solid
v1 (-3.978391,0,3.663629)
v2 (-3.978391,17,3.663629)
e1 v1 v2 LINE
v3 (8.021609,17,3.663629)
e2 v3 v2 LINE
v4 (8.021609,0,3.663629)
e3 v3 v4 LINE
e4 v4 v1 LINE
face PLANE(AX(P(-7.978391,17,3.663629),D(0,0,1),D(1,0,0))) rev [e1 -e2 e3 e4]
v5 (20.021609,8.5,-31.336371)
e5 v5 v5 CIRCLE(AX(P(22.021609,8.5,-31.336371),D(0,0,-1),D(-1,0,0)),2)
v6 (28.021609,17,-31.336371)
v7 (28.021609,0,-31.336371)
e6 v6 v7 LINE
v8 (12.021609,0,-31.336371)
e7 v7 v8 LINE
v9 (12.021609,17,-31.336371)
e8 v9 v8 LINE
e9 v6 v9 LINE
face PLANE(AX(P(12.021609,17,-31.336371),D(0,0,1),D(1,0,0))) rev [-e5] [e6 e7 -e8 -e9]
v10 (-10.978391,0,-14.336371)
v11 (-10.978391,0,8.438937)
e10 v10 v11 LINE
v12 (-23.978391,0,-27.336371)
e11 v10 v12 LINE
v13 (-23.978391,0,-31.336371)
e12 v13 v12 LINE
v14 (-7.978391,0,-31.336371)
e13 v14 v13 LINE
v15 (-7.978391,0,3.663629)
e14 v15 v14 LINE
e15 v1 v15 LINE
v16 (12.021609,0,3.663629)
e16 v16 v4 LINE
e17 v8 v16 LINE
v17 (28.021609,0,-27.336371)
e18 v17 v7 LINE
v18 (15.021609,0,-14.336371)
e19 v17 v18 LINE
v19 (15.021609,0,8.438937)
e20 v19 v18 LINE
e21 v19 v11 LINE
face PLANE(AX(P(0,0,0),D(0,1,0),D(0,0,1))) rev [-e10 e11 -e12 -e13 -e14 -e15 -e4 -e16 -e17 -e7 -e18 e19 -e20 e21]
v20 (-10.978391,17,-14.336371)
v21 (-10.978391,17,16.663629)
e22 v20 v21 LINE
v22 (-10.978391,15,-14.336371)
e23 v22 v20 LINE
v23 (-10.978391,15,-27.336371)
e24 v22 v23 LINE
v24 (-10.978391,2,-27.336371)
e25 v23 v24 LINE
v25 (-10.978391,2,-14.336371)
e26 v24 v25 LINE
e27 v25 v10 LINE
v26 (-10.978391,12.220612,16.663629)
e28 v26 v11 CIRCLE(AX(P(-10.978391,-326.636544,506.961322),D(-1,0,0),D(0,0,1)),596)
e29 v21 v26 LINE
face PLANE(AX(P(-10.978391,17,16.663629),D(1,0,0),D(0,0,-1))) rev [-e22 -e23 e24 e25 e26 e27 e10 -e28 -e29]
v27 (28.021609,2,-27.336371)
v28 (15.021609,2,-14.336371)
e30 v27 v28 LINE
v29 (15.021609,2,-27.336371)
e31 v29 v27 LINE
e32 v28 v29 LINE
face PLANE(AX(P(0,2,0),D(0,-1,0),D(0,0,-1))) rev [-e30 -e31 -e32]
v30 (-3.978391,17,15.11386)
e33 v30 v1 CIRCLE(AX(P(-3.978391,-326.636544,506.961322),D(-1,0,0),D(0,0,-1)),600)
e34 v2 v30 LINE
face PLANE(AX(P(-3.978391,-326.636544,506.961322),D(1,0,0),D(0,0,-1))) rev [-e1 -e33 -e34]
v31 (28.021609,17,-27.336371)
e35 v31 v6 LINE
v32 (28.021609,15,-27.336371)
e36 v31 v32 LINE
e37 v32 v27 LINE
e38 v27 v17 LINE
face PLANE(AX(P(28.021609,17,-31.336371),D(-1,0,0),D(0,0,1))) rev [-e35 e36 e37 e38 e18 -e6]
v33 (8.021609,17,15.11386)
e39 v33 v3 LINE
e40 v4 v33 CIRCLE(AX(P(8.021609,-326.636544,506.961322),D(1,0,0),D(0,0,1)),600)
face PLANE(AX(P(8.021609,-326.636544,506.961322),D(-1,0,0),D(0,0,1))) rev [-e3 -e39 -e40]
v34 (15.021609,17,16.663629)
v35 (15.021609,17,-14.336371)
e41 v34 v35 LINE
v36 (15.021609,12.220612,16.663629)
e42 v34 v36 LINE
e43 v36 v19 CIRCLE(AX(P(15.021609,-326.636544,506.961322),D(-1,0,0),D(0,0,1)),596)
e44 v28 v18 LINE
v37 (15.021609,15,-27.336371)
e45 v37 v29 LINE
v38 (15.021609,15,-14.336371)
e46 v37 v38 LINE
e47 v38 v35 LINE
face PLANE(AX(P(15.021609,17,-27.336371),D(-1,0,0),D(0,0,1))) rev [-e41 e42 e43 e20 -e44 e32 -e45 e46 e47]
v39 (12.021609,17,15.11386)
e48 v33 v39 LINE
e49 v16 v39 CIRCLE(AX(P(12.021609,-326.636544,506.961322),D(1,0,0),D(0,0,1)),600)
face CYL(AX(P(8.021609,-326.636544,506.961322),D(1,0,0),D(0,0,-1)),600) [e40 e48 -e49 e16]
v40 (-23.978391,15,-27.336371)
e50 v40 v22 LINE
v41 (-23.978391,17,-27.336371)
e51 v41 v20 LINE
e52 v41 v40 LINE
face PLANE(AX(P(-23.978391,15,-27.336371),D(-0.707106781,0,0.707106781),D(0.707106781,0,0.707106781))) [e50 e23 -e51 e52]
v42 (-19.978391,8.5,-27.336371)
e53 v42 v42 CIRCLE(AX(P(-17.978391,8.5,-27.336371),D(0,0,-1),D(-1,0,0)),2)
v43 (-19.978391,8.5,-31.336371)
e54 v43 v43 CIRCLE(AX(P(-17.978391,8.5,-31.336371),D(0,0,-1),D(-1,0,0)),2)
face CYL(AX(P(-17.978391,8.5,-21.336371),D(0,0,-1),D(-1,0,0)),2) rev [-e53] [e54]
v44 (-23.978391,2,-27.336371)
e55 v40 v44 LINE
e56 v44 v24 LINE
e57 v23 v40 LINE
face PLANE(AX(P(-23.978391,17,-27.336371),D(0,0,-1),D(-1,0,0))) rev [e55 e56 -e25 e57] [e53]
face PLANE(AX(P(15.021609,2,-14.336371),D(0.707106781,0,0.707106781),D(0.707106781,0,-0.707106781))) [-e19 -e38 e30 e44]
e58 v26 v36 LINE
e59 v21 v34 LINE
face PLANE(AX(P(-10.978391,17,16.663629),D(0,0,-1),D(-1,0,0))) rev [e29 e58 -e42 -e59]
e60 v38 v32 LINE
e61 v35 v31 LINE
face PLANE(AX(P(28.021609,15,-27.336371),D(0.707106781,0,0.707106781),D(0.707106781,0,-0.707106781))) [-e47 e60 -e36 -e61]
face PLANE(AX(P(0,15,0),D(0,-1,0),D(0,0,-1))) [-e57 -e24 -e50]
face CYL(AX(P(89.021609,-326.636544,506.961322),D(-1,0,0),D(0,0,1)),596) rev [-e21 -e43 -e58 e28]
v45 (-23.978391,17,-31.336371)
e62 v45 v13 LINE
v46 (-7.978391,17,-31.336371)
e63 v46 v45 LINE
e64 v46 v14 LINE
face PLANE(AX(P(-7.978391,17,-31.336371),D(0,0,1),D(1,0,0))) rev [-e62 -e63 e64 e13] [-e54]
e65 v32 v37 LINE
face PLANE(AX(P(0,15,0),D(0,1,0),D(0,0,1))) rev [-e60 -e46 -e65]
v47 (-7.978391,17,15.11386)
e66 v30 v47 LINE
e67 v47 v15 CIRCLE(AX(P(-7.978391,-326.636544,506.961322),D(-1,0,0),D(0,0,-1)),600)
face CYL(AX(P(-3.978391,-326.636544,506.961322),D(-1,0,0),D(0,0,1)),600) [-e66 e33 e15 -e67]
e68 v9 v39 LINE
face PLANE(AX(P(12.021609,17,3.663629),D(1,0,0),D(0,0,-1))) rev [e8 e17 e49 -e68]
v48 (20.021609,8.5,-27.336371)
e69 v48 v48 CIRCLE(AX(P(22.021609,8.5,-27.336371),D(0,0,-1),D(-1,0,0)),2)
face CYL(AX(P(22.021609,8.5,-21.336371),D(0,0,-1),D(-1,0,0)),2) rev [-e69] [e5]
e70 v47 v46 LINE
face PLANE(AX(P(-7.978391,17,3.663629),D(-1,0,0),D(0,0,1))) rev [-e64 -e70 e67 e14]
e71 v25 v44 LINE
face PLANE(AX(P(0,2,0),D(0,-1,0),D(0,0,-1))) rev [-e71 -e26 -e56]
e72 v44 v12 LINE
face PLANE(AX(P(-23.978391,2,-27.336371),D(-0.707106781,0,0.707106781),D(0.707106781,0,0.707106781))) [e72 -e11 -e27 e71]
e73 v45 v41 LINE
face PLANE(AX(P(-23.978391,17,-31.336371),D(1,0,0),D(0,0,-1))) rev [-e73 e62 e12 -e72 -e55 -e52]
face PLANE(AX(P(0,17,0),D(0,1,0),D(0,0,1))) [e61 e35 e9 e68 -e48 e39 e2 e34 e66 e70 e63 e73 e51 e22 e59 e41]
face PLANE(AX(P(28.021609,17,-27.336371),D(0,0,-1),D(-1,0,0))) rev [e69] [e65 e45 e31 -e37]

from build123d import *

# Parameters (mm, degrees)
BOSS_EXTRUDE1_DEPTH = 17
BOSS_EXTRUDE2_DEPTH = 2
BOSS_EXTRUDE3_DEPTH = 2
SKETCH6_R           = 2
CUT_EXTRUDE1_DEPTH  = 10
CUT_EXTRUDE2_DEPTH  = 4
CUT_EXTRUDE3_DEPTH  = 100
CUT_EXTRUDE4_DEPTH  = 4


with BuildPart() as part:
    # Sketch1 → Boss-Extrude1 (new body)
    with BuildSketch(Plane(origin=(0, 0, 0), x_dir=(1, 0, 0), z_dir=(0, 1, 0))):
        Polygon((-7.978390595, -3.663628582), (12.021609405, -3.663628582), (12.021609405, 31.336371418), (28.021609405, 31.336371418), (28.021609405, 27.336371418), (15.021609405, 27.336371418), (15.021609405, 18.231970095), (15.021609405, -16.663628582), (-10.978390595, -16.663628582), (-10.978390595, 22.152823879), (-10.978390595, 27.336371418), (-23.978390595, 27.336371418), (-23.978390595, 31.336371418), (-7.978390595, 31.336371418), align=None)
    extrude(amount=BOSS_EXTRUDE1_DEPTH)

    # Sketch4 → Boss-Extrude2 (add)
    with BuildSketch(Plane(origin=(0, 17, 0), x_dir=(1, 0, 0), z_dir=(0, 1, 0))):
        Polygon((-23.978390595, 27.336371418), (-10.978390595, 14.336371418), (-10.978390595, 27.336371418), align=None)
        Polygon((28.021609405, 27.336371418), (15.021609405, 14.336371418), (15.021609405, 27.336371418), align=None)
    extrude(amount=-BOSS_EXTRUDE2_DEPTH)

    # Sketch5 → Boss-Extrude3 (add)
    with BuildSketch(Plane.XZ):
        Polygon((-23.978390595, -27.336371418), (-10.978390595, -14.336371418), (-10.978390595, -27.336371418), align=None)
        Polygon((15.021609405, -14.336371418), (28.021609405, -27.336371418), (15.021609405, -27.336371418), align=None)
    extrude(amount=-BOSS_EXTRUDE3_DEPTH)

    # Sketch6 → Cut-Extrude1 (cut)
    with BuildSketch(Plane(origin=(0, 0, -31.336371418), x_dir=(-1, 0, 0), z_dir=(0, 0, -1))):
        with Locations((-22.021609405, 8.5)):
            Circle(SKETCH6_R)
        with Locations((17.978390595, 8.5)):
            Circle(SKETCH6_R)
    extrude(amount=-CUT_EXTRUDE1_DEPTH, mode=Mode.SUBTRACT)

    # Sketch7 → Cut-Extrude2 (cut)
    with BuildSketch(Plane(origin=(-7.978390595, 0, 0), x_dir=(0, 0, -1), z_dir=(1, 0, 0))):
        with BuildLine():
            Line((6.660260068, 17), (-15.113860184, 17))
            ThreePointArc((-15.113860184, 17), (-9.316147205, 8.548897323), (-3.663628582, 0))
            Line((-3.663628582, 0), (9.59929213, 0))
            Line((9.59929213, 0), (6.660260068, 17))
        make_face()
    extrude(amount=CUT_EXTRUDE2_DEPTH, mode=Mode.SUBTRACT)

    # Sketch8 → Cut-Extrude3 (cut)
    with BuildSketch(Plane.ZY.offset(10.978390595)):
        with BuildLine():
            Line((21.615286826, 19.275621448), (46.650832109, 12.975800719))
            Line((46.650832109, 12.975800719), (28.995853608, -26.911994427))
            Line((28.995853608, -26.911994427), (-0.690246805, -14.377221046))
            ThreePointArc((-0.690246805, -14.377221046), (10.177476822, 2.638130465), (21.615286826, 19.275621448))
        make_face()
    extrude(amount=-CUT_EXTRUDE3_DEPTH, mode=Mode.SUBTRACT)

    # Sketch9 → Cut-Extrude4 (cut)
    with BuildSketch(Plane.ZY.offset(-12.021609405)):
        with BuildLine():
            Line((-11.188223811, 17), (-11.188223811, 0))
            Line((-11.188223811, 0), (3.663628582, 0))
            ThreePointArc((3.663628582, 0), (9.316147205, 8.548897323), (15.113860184, 17))
            Line((15.113860184, 17), (-11.188223811, 17))
        make_face()
    extrude(amount=CUT_EXTRUDE4_DEPTH, mode=Mode.SUBTRACT)


solid = part.part
